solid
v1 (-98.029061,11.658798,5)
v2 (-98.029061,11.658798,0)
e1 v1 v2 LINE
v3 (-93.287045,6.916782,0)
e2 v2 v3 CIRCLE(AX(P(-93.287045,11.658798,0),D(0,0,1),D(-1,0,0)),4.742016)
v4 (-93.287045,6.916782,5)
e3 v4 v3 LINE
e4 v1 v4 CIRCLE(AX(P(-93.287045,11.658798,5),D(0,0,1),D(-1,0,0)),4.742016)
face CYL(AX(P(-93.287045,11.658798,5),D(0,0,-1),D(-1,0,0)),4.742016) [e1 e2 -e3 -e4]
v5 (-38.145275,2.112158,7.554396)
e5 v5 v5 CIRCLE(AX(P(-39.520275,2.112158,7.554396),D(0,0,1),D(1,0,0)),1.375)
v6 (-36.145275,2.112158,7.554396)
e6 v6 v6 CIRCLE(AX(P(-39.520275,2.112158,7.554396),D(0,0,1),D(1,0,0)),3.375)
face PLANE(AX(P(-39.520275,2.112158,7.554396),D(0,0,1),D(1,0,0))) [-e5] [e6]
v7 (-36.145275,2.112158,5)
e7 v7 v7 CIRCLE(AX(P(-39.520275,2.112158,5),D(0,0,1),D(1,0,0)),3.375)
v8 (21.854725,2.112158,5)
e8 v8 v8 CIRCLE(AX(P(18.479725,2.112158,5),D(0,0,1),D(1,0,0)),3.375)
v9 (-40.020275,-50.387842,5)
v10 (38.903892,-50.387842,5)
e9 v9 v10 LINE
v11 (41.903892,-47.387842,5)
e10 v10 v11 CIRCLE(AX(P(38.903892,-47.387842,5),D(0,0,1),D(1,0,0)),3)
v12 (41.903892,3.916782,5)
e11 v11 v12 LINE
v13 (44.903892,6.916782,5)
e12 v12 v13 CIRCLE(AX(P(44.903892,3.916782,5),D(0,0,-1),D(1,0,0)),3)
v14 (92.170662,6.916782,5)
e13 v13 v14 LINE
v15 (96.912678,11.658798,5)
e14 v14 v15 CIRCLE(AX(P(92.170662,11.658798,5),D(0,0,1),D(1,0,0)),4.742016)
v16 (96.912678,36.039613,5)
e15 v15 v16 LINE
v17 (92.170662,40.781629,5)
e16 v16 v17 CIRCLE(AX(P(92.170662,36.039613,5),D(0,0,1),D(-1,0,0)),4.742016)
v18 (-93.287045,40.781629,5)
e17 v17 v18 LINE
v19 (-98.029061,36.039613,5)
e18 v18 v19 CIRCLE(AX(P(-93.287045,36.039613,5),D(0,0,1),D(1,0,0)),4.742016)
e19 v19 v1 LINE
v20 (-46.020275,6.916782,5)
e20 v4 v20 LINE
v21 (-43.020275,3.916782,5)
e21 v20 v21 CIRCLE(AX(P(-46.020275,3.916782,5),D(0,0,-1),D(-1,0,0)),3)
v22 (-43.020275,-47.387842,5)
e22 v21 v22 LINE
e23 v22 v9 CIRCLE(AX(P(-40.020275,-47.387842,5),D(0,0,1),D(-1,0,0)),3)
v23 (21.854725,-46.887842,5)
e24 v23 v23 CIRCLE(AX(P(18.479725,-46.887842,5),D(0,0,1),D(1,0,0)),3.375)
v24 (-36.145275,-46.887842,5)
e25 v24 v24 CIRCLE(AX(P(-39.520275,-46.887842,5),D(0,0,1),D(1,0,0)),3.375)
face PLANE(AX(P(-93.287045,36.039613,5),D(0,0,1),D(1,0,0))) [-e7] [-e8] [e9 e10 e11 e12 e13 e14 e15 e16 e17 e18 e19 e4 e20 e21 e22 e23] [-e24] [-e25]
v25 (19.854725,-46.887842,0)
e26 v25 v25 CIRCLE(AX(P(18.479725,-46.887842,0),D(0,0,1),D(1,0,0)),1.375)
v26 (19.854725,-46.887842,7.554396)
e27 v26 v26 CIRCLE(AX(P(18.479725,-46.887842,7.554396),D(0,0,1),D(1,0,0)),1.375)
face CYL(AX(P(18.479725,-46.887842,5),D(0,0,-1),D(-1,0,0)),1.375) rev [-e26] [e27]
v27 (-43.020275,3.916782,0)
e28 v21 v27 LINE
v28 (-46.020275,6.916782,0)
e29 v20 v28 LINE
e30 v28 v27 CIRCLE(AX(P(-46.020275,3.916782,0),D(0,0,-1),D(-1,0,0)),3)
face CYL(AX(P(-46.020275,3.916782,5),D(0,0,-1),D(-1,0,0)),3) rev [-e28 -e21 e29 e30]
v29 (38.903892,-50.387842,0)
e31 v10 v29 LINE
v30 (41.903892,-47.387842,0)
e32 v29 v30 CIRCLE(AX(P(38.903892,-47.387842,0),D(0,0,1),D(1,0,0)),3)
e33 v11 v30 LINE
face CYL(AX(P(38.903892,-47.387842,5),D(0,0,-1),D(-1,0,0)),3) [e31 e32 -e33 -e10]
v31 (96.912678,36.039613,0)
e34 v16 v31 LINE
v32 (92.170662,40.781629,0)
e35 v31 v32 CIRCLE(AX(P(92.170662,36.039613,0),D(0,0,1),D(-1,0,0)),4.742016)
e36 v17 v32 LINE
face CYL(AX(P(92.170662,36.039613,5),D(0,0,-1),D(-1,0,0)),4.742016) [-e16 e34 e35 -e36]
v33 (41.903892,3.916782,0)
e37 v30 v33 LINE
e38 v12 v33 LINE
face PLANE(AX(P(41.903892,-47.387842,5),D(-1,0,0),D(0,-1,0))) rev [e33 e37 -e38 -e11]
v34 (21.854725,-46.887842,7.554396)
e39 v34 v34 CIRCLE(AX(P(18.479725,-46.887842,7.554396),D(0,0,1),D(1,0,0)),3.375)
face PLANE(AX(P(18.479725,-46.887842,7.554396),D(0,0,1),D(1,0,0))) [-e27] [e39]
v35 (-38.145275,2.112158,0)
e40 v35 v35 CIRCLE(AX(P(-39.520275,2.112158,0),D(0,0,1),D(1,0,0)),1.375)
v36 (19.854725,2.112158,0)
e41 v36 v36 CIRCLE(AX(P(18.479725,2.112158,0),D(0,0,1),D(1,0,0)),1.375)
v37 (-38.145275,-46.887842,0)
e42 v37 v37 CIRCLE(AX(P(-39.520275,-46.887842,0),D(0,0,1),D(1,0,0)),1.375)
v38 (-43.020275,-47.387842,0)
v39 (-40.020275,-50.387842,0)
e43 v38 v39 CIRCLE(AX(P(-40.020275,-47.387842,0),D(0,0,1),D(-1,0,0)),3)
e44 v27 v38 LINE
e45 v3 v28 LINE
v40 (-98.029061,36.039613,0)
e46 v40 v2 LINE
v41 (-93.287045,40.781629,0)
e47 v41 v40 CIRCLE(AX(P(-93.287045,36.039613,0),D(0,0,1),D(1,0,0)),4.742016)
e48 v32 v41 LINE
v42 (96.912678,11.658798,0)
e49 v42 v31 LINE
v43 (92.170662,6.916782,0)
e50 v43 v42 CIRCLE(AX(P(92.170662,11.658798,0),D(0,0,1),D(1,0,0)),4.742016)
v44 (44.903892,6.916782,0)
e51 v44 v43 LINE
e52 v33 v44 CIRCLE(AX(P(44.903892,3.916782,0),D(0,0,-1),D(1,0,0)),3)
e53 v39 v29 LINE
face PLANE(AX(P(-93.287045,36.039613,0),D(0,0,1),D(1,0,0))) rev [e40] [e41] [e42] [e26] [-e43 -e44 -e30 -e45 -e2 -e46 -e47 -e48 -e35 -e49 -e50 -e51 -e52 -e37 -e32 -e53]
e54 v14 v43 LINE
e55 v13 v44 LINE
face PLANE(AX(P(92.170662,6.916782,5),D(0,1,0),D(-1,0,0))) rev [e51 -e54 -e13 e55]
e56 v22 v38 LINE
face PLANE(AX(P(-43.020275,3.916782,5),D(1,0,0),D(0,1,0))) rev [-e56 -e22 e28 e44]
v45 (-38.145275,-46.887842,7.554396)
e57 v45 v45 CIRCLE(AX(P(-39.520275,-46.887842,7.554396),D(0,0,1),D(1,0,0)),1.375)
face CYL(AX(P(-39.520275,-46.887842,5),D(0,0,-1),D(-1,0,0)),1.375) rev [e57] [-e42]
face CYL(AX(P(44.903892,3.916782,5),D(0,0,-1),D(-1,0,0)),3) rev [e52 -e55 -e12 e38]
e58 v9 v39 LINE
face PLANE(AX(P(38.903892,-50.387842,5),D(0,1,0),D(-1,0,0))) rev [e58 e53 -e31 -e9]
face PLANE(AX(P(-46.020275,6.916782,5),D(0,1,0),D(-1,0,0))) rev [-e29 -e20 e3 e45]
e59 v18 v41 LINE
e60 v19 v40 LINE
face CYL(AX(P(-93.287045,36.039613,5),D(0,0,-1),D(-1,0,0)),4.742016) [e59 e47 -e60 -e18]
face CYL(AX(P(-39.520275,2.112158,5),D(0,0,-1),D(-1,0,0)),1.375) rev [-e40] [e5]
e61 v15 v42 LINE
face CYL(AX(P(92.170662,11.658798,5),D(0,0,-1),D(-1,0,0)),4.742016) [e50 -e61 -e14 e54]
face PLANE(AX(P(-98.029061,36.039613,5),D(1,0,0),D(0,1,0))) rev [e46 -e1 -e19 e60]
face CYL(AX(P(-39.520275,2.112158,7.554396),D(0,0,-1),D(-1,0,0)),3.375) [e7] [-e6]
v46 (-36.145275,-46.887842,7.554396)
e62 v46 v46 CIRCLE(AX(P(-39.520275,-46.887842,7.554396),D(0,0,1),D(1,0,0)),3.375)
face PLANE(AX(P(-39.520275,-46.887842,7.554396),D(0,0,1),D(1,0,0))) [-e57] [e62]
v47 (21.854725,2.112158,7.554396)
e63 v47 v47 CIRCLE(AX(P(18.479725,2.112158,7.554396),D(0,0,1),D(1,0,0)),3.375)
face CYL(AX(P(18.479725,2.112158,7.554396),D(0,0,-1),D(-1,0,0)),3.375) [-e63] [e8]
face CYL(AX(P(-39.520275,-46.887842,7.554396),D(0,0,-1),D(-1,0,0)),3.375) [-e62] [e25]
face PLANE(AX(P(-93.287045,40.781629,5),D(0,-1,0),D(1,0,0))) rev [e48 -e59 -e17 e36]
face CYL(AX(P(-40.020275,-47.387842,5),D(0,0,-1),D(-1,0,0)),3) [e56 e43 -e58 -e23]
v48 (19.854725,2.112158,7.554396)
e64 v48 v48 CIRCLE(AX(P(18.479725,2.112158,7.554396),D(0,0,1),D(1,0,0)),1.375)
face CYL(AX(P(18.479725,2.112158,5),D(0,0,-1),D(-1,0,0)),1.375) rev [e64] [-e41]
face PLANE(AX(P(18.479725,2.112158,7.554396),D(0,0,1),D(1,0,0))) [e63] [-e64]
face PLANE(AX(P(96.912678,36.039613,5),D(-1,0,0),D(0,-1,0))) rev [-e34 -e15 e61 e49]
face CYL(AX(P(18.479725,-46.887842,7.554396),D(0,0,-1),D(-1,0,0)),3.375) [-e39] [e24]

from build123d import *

# Parameters (mm, degrees)
GRUNDFORM_R                     = 1.375
AUFSATZ_LINEAR_AUSTRAGEN1_DEPTH = 5
SKIZZE2_R                       = 3.375
SKIZZE2_R_2                     = 1.375
AUFSATZ_LINEAR_AUSTRAGEN2_DEPTH = 2.554396


with BuildPart() as part:
    # Grundform → Aufsatz-Linear austragen1 (new body)
    with BuildSketch(Plane.XY):
        with BuildLine():
            Line((-93.287044917, 40.781629135), (92.170661923, 40.781629135))
            ThreePointArc((92.170661923, 40.781629135), (95.523773437, 39.39272487), (96.912677703, 36.039613355))
            Line((96.912677703, 36.039613355), (96.912677703, 11.658797868))
            ThreePointArc((96.912677703, 11.658797868), (95.523773437, 8.305686353), (92.170661923, 6.916782087))
            Line((92.170661923, 6.916782087), (44.903892176, 6.916782087))
            ThreePointArc((44.903892176, 6.916782087), (42.782571833, 6.038102431), (41.903892176, 3.916782087))
            Line((41.903892176, 3.916782087), (41.903892176, -47.387842431))
            ThreePointArc((41.903892176, -47.387842431), (41.02521252, -49.509162775), (38.903892176, -50.387842431))
            Line((38.903892176, -50.387842431), (-40.02027517, -50.387842431))
            ThreePointArc((-40.02027517, -50.387842431), (-42.141595514, -49.509162775), (-43.02027517, -47.387842431))
            Line((-43.02027517, -47.387842431), (-43.02027517, 3.916782087))
            ThreePointArc((-43.02027517, 3.916782087), (-43.898954827, 6.038102431), (-46.02027517, 6.916782087))
            Line((-46.02027517, 6.916782087), (-93.287044917, 6.916782087))
            ThreePointArc((-93.287044917, 6.916782087), (-96.640156431, 8.305686353), (-98.029060697, 11.658797868))
            Line((-98.029060697, 11.658797868), (-98.029060697, 36.039613355))
            ThreePointArc((-98.029060697, 36.039613355), (-96.640156431, 39.39272487), (-93.287044917, 40.781629135))
        make_face()
        with Locations((-39.52027517, 2.112157569)):
            Circle(GRUNDFORM_R, mode=Mode.SUBTRACT)
        with Locations((18.47972483, 2.112157569)):
            Circle(GRUNDFORM_R, mode=Mode.SUBTRACT)
        with Locations((18.47972483, -46.887842431)):
            Circle(GRUNDFORM_R, mode=Mode.SUBTRACT)
        with Locations((-39.52027517, -46.887842431)):
            Circle(GRUNDFORM_R, mode=Mode.SUBTRACT)
    extrude(amount=AUFSATZ_LINEAR_AUSTRAGEN1_DEPTH)

    # Skizze2 → Aufsatz-Linear austragen2 (add)
    with BuildSketch(Plane.XY.offset(5)):
        with Locations((-39.52027517, 2.112157569)):
            Circle(SKIZZE2_R)
        with Locations((-39.52027517, 2.112157569)):
            Circle(SKIZZE2_R_2, mode=Mode.SUBTRACT)
        with Locations((18.47972483, 2.112157569)):
            Circle(SKIZZE2_R)
        with Locations((18.47972483, 2.112157569)):
            Circle(SKIZZE2_R_2, mode=Mode.SUBTRACT)
        with Locations((18.47972483, -46.887842431)):
            Circle(SKIZZE2_R)
        with Locations((18.47972483, -46.887842431)):
            Circle(SKIZZE2_R_2, mode=Mode.SUBTRACT)
        with Locations((-39.52027517, -46.887842431)):
            Circle(SKIZZE2_R)
        with Locations((-39.52027517, -46.887842431)):
            Circle(SKIZZE2_R_2, mode=Mode.SUBTRACT)
    extrude(amount=AUFSATZ_LINEAR_AUSTRAGEN2_DEPTH)


solid = part.part
